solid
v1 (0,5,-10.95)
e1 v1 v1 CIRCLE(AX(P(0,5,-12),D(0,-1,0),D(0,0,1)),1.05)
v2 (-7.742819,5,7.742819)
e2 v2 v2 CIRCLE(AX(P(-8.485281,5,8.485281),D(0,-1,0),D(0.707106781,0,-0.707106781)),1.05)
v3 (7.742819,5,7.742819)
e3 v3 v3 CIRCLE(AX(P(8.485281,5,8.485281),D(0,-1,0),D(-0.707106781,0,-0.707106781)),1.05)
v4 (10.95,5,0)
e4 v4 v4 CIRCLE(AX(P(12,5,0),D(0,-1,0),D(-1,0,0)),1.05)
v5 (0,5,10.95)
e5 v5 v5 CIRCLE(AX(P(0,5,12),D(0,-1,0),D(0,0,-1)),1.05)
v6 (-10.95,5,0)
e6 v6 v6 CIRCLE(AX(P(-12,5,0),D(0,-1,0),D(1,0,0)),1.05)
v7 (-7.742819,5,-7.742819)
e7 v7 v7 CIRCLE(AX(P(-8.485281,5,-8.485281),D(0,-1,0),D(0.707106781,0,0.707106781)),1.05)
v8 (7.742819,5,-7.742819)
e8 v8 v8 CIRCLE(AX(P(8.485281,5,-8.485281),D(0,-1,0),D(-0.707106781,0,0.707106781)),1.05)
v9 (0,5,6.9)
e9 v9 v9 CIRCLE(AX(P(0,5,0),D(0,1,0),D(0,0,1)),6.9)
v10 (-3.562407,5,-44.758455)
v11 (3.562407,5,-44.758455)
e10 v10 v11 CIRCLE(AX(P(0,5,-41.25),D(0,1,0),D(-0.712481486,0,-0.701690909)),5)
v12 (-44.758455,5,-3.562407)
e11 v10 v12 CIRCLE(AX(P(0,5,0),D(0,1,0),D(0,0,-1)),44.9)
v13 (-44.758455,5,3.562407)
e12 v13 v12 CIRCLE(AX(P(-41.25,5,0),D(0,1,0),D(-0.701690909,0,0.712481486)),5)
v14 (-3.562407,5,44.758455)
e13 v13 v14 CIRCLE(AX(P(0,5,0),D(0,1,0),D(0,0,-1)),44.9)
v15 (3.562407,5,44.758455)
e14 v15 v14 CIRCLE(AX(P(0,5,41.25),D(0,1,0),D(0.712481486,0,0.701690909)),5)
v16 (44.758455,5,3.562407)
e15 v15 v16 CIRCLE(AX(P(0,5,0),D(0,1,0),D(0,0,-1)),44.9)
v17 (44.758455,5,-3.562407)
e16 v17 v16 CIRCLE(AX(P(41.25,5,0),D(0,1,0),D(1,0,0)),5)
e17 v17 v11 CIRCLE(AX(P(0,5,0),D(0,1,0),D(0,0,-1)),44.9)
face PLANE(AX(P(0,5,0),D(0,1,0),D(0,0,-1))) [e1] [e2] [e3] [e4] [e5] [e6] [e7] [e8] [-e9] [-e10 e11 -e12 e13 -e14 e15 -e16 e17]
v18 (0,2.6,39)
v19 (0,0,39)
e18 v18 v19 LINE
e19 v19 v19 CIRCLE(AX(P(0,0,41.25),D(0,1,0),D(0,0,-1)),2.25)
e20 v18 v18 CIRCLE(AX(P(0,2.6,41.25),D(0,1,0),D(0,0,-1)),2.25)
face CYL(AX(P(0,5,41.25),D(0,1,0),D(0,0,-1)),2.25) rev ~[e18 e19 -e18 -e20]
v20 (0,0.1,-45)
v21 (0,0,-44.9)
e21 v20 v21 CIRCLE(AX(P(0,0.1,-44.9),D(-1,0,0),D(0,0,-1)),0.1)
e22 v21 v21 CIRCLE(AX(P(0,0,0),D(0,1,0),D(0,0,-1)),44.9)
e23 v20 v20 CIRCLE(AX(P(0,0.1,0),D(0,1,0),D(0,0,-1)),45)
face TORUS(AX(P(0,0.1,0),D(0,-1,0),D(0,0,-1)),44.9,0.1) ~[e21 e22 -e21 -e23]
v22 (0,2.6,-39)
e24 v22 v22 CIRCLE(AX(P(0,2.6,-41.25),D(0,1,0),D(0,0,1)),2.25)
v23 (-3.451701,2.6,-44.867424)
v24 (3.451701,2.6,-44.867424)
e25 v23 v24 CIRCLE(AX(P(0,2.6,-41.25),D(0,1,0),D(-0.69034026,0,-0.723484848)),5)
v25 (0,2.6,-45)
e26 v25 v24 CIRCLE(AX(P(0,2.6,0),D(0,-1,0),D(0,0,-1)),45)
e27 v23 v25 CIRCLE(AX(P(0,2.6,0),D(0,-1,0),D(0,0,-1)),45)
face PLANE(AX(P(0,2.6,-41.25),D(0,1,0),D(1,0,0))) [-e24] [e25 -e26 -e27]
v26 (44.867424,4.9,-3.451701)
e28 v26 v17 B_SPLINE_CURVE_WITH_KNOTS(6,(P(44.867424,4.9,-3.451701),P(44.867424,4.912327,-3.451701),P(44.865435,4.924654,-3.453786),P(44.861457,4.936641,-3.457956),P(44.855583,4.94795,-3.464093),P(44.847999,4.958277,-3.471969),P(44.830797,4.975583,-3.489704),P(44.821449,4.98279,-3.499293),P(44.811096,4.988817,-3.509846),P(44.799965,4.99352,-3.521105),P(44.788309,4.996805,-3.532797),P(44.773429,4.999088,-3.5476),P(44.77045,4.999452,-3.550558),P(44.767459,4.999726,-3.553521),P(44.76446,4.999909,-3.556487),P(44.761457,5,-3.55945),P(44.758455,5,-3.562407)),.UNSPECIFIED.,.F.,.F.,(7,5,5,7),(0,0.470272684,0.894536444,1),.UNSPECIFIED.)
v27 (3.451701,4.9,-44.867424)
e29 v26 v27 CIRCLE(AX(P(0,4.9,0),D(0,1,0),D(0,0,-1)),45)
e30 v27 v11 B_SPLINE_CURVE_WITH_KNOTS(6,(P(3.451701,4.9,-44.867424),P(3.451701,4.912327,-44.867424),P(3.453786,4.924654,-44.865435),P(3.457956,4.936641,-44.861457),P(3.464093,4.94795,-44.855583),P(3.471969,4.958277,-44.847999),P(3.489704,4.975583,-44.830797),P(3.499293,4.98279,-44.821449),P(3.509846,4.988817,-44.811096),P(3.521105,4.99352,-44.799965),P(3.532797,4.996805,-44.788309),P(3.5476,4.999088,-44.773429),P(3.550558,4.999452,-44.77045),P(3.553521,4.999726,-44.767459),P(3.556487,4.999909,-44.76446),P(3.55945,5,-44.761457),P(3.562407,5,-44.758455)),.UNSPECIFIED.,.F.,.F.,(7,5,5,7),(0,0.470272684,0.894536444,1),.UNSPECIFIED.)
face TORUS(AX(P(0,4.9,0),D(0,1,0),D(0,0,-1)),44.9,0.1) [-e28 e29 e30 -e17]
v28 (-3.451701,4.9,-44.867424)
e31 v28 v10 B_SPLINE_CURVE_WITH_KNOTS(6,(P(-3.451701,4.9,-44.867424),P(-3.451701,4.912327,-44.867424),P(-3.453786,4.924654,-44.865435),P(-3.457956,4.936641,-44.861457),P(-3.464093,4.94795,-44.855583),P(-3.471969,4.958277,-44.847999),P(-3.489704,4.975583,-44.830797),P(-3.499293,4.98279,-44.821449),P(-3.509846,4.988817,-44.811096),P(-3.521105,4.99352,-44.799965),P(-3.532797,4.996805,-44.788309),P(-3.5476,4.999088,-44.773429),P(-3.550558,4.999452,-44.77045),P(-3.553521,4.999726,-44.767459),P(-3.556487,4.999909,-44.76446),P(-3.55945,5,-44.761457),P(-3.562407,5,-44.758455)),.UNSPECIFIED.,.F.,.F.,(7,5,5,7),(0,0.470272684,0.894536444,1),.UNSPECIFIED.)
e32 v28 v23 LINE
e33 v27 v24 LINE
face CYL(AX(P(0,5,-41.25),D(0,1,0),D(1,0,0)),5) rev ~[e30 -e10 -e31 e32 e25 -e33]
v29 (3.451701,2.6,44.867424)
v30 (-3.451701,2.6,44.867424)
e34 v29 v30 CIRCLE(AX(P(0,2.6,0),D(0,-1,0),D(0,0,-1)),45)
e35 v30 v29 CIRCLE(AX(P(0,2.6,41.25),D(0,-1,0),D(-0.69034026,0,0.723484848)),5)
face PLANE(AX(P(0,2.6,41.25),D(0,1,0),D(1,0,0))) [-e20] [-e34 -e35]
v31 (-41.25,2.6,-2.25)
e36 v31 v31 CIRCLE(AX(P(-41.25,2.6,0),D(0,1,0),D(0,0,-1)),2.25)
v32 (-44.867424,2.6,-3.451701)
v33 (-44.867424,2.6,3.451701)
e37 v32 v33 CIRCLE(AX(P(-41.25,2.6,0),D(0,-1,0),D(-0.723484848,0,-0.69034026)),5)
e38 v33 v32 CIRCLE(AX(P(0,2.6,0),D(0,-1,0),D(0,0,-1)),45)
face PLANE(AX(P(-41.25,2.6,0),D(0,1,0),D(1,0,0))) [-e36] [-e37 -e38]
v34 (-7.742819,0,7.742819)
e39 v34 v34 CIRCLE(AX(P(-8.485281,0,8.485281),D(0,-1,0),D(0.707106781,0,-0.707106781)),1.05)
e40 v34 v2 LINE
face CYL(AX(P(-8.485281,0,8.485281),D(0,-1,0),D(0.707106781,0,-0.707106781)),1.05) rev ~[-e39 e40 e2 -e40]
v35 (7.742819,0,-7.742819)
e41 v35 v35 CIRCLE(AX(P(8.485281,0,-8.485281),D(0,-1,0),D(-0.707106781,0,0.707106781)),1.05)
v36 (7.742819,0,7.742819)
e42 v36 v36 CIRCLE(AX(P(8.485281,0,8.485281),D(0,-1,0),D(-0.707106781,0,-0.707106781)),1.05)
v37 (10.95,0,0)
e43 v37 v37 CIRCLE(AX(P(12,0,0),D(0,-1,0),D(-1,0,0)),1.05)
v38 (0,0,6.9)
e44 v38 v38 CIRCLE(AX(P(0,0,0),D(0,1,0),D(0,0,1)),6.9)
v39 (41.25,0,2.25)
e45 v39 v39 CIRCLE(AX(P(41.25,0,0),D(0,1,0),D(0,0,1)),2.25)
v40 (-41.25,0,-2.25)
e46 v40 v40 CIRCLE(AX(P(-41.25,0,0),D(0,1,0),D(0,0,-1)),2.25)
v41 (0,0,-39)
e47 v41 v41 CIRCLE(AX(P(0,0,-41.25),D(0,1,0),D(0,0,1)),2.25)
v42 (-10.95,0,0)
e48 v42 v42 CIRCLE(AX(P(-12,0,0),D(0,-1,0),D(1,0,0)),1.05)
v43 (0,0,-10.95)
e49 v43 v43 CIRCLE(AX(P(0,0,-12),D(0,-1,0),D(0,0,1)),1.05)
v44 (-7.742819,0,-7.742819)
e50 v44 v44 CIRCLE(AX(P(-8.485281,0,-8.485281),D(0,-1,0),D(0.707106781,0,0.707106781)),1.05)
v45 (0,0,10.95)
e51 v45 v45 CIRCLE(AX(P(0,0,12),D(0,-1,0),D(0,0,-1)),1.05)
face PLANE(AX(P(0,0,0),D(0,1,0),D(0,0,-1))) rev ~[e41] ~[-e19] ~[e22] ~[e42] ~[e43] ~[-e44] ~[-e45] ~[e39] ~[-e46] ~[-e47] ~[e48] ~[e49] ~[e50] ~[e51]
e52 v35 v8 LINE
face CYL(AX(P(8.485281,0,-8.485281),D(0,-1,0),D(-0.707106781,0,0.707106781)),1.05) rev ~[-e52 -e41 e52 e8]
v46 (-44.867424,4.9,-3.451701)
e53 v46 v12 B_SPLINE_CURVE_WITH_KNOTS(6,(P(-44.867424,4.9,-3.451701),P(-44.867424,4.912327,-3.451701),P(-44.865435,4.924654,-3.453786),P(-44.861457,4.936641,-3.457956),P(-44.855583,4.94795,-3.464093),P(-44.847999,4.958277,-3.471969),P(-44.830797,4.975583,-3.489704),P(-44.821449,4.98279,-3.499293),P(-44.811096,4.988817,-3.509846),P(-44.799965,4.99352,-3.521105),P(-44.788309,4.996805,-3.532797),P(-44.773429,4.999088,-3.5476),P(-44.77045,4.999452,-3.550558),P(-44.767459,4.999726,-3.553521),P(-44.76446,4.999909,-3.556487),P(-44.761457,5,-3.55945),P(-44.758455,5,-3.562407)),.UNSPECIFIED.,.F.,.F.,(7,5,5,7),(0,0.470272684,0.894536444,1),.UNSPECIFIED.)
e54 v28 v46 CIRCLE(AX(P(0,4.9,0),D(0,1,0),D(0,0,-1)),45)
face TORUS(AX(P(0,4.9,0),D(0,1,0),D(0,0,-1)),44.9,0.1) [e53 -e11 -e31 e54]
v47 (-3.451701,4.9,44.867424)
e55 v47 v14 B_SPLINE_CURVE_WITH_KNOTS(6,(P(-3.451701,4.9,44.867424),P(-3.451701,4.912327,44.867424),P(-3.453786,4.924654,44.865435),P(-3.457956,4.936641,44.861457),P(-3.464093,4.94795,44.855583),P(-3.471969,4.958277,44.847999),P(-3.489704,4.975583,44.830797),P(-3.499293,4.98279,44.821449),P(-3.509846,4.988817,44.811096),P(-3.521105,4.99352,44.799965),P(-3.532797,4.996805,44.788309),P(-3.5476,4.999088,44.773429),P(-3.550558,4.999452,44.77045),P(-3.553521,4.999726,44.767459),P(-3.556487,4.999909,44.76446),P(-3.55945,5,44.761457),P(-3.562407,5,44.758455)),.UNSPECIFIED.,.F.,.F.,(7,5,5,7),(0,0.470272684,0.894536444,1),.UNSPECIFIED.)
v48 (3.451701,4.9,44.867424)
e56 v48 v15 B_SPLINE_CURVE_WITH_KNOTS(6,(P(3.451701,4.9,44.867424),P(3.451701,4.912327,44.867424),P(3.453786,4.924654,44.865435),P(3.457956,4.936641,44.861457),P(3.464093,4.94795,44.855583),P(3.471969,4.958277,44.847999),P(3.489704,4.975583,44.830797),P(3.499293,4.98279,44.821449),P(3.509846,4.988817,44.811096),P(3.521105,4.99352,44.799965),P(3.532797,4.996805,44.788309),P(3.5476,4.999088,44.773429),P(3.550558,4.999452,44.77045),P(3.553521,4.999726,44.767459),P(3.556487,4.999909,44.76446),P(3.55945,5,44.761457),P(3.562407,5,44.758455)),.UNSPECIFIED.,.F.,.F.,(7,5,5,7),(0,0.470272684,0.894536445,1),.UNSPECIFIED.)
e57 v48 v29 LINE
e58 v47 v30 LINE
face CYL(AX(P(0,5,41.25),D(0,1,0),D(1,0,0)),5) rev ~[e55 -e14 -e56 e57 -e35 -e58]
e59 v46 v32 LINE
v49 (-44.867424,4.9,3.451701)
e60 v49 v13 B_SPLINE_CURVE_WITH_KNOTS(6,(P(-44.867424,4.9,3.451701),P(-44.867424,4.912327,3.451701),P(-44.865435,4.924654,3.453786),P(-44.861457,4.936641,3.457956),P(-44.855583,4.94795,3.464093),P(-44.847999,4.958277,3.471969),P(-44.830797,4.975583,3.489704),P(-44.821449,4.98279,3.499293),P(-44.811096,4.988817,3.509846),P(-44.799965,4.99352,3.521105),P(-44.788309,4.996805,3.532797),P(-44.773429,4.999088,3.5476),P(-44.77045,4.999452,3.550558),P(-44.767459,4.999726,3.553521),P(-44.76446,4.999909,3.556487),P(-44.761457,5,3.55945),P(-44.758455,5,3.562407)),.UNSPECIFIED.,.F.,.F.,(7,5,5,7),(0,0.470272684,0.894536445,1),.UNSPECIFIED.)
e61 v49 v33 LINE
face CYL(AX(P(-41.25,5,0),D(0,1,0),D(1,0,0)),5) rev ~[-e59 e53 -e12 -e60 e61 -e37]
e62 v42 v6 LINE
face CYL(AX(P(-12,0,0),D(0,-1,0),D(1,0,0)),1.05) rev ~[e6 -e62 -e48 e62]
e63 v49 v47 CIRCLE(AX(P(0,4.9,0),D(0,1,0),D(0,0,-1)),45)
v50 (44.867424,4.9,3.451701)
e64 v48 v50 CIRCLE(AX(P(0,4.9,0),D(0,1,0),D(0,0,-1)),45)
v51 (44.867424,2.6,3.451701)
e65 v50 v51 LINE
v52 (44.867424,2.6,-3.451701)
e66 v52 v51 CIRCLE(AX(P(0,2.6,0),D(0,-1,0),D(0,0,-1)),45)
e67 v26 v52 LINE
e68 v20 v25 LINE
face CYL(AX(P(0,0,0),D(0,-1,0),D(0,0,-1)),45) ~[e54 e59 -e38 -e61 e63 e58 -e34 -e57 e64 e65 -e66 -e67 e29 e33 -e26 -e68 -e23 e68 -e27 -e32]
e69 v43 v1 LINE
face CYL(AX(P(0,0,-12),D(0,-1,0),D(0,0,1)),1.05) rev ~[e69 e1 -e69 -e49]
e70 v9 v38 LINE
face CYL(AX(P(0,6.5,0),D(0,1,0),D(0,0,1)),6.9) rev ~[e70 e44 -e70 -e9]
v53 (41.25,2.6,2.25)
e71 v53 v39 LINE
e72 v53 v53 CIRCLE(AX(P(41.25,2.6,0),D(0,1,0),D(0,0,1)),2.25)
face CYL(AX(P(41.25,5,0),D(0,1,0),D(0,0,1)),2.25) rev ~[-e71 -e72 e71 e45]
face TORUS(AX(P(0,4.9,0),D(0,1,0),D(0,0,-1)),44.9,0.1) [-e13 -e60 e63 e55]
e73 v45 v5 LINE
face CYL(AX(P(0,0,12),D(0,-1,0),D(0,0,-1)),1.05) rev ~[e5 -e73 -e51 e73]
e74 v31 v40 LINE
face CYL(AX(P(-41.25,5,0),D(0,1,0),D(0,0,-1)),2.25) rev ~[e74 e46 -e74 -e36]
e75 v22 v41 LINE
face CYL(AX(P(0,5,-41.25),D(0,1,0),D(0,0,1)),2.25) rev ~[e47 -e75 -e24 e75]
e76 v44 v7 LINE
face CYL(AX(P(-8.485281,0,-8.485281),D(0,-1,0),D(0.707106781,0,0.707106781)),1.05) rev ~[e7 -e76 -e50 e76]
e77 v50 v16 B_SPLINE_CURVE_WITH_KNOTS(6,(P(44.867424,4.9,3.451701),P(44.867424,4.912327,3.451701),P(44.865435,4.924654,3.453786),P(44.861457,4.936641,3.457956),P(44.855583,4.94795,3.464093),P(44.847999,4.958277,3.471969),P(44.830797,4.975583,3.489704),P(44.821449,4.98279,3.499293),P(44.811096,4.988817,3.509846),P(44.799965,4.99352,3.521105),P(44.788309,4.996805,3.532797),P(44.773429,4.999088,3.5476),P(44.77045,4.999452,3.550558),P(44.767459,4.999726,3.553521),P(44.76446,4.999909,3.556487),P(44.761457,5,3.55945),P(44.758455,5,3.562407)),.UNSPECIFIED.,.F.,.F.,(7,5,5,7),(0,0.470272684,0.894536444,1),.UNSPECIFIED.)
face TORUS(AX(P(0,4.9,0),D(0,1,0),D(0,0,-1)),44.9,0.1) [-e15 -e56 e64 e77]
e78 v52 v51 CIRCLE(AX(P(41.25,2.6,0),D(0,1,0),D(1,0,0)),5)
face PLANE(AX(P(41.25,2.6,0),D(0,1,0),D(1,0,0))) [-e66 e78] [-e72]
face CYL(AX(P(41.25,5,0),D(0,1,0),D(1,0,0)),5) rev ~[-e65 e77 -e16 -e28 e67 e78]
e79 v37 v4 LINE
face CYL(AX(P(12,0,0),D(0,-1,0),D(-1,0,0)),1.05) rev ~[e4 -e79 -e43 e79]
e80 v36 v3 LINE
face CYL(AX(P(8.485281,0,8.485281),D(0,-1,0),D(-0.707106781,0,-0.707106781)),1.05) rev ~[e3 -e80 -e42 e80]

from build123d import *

# Parameters (mm, degrees)
ESQUISSE2_R             = 45
ESQUISSE2_R_2           = 1.55
BOSS_EXTRU_1_DEPTH      = 6.5
ENL_V_START             = -1.5
ESQUISSE3_R             = 45
ESQUISSE3_R_2           = 6
ENL_V_MAT_EXTRU_1_DEPTH = 1.5
CONG_1_R                = 0.1
ESQUISSE5_R             = 4
ENL_V_MAT_EXTRU_3_DEPTH = 5.5
SKETCH1_R               = 2.25
CUT_EXTRUDE1_DEPTH      = 64.835726815
SKETCH2_R               = 1.05
CUT_EXTRUDE2_DEPTH      = 64.970696557
CIRPATTERN1_COUNT       = 8
SKETCH6_R               = 6.9
CUT_EXTRUDE3_DEPTH      = 10
SKETCH7_R               = 5
CUT_EXTRUDE4_DEPTH      = 2.4


with BuildPart() as part:
    # Esquisse2 → Boss.-Extru.1 (new body)
    with BuildSketch(Plane(origin=(0, 0, 0), x_dir=(1, 0, 0), z_dir=(0, 1, 0))):
        with Locations(Location((0, 0, 0), (0, 0, 90))):
            Circle(ESQUISSE2_R)
        with Locations(Location((0, 0, 0), (0, 0, 90))):
            Circle(ESQUISSE2_R_2, mode=Mode.SUBTRACT)
    extrude(amount=BOSS_EXTRU_1_DEPTH)

    # Esquisse3 → Enlèv. mat.-Extru.1 (cut)
    with BuildSketch(Plane(origin=(0, 6.5, 0), x_dir=(1, 0, 0), z_dir=(0, 1, 0)).offset(ENL_V_START)):
        with Locations(Location((0, 0, 0), (0, 0, 90))):
            Circle(ESQUISSE3_R)
        with Locations(Location((0, 0, 0), (0, 0, 270))):
            Circle(ESQUISSE3_R_2, mode=Mode.SUBTRACT)
    extrude(amount=ENL_V_MAT_EXTRU_1_DEPTH, mode=Mode.SUBTRACT)

    # Congé1
    cong_1_edges = [part.edges().sort_by_distance(p)[0] for p in [
        (0, 5, 45),
        (0, 5, -6),
        (0, 6.5, -6),
        (0, 0, 45),
        (0, 6.5, 1.55),
    ]]
    fillet(cong_1_edges, radius=CONG_1_R)

    # Esquisse5 → Enlèv. mat.-Extru.3 (cut)
    with BuildSketch(Plane.XZ):
        with Locations(Location((0, 0, 0), (0, 0, 270))):
            Circle(ESQUISSE5_R)
    extrude(amount=-ENL_V_MAT_EXTRU_3_DEPTH, mode=Mode.SUBTRACT)

    # Sketch1 → Cut-Extrude1 (cut, through all)
    with BuildSketch(Plane(origin=(0, 5, 0), x_dir=(1, 0, 0), z_dir=(0, 1, 0))):
        with Locations(Location((0, 41.25, 0), (0, 0, 270))):
            Circle(SKETCH1_R)
        with Locations(Location((41.25, 0, 0), (0, 0, 270))):
            Circle(SKETCH1_R)
        with Locations(Location((0, -41.25, 0), (0, 0, 90))):
            Circle(SKETCH1_R)
        with Locations(Location((-41.25, 0, 0), (0, 0, 90))):
            Circle(SKETCH1_R)
    extrude(amount=-CUT_EXTRUDE1_DEPTH, mode=Mode.SUBTRACT)

    # Sketch2 → Cut-Extrude2 (cut, through all)
    with BuildSketch(Plane.XZ):
        with Locations(Location((0, 12, 0), (0, 0, 270))):
            Circle(SKETCH2_R)
    cut_extrude2 = extrude(amount=-CUT_EXTRUDE2_DEPTH, mode=Mode.SUBTRACT)

    # CirPattern1: Cut-Extrude2 ×8 about axis
    cirpattern1_axis = Axis((0, 0, 0), (0, 1, 0))
    for i in range(1, CIRPATTERN1_COUNT):
        add(cut_extrude2.rotate(cirpattern1_axis, i * 360 / CIRPATTERN1_COUNT), mode=Mode.SUBTRACT)

    # Sketch6 → Cut-Extrude3 (cut)
    with BuildSketch(Plane(origin=(0, 6.5, 0), x_dir=(1, 0, 0), z_dir=(0, 1, 0))):
        with Locations(Location((0, 0, 0), (0, 0, 270))):
            Circle(SKETCH6_R)
    extrude(amount=-CUT_EXTRUDE3_DEPTH, mode=Mode.SUBTRACT)

    # Sketch7 → Cut-Extrude4 (cut)
    with BuildSketch(Plane(origin=(0, 5, 0), x_dir=(1, 0, 0), z_dir=(0, 1, 0))):
        with Locations((-41.25, 0)):
            Circle(SKETCH7_R)
        with Locations((0, 41.25)):
            Circle(SKETCH7_R)
        with Locations((41.25, 0)):
            Circle(SKETCH7_R)
        with Locations((0, -41.25)):
            Circle(SKETCH7_R)
    extrude(amount=-CUT_EXTRUDE4_DEPTH, mode=Mode.SUBTRACT)


solid = part.part
